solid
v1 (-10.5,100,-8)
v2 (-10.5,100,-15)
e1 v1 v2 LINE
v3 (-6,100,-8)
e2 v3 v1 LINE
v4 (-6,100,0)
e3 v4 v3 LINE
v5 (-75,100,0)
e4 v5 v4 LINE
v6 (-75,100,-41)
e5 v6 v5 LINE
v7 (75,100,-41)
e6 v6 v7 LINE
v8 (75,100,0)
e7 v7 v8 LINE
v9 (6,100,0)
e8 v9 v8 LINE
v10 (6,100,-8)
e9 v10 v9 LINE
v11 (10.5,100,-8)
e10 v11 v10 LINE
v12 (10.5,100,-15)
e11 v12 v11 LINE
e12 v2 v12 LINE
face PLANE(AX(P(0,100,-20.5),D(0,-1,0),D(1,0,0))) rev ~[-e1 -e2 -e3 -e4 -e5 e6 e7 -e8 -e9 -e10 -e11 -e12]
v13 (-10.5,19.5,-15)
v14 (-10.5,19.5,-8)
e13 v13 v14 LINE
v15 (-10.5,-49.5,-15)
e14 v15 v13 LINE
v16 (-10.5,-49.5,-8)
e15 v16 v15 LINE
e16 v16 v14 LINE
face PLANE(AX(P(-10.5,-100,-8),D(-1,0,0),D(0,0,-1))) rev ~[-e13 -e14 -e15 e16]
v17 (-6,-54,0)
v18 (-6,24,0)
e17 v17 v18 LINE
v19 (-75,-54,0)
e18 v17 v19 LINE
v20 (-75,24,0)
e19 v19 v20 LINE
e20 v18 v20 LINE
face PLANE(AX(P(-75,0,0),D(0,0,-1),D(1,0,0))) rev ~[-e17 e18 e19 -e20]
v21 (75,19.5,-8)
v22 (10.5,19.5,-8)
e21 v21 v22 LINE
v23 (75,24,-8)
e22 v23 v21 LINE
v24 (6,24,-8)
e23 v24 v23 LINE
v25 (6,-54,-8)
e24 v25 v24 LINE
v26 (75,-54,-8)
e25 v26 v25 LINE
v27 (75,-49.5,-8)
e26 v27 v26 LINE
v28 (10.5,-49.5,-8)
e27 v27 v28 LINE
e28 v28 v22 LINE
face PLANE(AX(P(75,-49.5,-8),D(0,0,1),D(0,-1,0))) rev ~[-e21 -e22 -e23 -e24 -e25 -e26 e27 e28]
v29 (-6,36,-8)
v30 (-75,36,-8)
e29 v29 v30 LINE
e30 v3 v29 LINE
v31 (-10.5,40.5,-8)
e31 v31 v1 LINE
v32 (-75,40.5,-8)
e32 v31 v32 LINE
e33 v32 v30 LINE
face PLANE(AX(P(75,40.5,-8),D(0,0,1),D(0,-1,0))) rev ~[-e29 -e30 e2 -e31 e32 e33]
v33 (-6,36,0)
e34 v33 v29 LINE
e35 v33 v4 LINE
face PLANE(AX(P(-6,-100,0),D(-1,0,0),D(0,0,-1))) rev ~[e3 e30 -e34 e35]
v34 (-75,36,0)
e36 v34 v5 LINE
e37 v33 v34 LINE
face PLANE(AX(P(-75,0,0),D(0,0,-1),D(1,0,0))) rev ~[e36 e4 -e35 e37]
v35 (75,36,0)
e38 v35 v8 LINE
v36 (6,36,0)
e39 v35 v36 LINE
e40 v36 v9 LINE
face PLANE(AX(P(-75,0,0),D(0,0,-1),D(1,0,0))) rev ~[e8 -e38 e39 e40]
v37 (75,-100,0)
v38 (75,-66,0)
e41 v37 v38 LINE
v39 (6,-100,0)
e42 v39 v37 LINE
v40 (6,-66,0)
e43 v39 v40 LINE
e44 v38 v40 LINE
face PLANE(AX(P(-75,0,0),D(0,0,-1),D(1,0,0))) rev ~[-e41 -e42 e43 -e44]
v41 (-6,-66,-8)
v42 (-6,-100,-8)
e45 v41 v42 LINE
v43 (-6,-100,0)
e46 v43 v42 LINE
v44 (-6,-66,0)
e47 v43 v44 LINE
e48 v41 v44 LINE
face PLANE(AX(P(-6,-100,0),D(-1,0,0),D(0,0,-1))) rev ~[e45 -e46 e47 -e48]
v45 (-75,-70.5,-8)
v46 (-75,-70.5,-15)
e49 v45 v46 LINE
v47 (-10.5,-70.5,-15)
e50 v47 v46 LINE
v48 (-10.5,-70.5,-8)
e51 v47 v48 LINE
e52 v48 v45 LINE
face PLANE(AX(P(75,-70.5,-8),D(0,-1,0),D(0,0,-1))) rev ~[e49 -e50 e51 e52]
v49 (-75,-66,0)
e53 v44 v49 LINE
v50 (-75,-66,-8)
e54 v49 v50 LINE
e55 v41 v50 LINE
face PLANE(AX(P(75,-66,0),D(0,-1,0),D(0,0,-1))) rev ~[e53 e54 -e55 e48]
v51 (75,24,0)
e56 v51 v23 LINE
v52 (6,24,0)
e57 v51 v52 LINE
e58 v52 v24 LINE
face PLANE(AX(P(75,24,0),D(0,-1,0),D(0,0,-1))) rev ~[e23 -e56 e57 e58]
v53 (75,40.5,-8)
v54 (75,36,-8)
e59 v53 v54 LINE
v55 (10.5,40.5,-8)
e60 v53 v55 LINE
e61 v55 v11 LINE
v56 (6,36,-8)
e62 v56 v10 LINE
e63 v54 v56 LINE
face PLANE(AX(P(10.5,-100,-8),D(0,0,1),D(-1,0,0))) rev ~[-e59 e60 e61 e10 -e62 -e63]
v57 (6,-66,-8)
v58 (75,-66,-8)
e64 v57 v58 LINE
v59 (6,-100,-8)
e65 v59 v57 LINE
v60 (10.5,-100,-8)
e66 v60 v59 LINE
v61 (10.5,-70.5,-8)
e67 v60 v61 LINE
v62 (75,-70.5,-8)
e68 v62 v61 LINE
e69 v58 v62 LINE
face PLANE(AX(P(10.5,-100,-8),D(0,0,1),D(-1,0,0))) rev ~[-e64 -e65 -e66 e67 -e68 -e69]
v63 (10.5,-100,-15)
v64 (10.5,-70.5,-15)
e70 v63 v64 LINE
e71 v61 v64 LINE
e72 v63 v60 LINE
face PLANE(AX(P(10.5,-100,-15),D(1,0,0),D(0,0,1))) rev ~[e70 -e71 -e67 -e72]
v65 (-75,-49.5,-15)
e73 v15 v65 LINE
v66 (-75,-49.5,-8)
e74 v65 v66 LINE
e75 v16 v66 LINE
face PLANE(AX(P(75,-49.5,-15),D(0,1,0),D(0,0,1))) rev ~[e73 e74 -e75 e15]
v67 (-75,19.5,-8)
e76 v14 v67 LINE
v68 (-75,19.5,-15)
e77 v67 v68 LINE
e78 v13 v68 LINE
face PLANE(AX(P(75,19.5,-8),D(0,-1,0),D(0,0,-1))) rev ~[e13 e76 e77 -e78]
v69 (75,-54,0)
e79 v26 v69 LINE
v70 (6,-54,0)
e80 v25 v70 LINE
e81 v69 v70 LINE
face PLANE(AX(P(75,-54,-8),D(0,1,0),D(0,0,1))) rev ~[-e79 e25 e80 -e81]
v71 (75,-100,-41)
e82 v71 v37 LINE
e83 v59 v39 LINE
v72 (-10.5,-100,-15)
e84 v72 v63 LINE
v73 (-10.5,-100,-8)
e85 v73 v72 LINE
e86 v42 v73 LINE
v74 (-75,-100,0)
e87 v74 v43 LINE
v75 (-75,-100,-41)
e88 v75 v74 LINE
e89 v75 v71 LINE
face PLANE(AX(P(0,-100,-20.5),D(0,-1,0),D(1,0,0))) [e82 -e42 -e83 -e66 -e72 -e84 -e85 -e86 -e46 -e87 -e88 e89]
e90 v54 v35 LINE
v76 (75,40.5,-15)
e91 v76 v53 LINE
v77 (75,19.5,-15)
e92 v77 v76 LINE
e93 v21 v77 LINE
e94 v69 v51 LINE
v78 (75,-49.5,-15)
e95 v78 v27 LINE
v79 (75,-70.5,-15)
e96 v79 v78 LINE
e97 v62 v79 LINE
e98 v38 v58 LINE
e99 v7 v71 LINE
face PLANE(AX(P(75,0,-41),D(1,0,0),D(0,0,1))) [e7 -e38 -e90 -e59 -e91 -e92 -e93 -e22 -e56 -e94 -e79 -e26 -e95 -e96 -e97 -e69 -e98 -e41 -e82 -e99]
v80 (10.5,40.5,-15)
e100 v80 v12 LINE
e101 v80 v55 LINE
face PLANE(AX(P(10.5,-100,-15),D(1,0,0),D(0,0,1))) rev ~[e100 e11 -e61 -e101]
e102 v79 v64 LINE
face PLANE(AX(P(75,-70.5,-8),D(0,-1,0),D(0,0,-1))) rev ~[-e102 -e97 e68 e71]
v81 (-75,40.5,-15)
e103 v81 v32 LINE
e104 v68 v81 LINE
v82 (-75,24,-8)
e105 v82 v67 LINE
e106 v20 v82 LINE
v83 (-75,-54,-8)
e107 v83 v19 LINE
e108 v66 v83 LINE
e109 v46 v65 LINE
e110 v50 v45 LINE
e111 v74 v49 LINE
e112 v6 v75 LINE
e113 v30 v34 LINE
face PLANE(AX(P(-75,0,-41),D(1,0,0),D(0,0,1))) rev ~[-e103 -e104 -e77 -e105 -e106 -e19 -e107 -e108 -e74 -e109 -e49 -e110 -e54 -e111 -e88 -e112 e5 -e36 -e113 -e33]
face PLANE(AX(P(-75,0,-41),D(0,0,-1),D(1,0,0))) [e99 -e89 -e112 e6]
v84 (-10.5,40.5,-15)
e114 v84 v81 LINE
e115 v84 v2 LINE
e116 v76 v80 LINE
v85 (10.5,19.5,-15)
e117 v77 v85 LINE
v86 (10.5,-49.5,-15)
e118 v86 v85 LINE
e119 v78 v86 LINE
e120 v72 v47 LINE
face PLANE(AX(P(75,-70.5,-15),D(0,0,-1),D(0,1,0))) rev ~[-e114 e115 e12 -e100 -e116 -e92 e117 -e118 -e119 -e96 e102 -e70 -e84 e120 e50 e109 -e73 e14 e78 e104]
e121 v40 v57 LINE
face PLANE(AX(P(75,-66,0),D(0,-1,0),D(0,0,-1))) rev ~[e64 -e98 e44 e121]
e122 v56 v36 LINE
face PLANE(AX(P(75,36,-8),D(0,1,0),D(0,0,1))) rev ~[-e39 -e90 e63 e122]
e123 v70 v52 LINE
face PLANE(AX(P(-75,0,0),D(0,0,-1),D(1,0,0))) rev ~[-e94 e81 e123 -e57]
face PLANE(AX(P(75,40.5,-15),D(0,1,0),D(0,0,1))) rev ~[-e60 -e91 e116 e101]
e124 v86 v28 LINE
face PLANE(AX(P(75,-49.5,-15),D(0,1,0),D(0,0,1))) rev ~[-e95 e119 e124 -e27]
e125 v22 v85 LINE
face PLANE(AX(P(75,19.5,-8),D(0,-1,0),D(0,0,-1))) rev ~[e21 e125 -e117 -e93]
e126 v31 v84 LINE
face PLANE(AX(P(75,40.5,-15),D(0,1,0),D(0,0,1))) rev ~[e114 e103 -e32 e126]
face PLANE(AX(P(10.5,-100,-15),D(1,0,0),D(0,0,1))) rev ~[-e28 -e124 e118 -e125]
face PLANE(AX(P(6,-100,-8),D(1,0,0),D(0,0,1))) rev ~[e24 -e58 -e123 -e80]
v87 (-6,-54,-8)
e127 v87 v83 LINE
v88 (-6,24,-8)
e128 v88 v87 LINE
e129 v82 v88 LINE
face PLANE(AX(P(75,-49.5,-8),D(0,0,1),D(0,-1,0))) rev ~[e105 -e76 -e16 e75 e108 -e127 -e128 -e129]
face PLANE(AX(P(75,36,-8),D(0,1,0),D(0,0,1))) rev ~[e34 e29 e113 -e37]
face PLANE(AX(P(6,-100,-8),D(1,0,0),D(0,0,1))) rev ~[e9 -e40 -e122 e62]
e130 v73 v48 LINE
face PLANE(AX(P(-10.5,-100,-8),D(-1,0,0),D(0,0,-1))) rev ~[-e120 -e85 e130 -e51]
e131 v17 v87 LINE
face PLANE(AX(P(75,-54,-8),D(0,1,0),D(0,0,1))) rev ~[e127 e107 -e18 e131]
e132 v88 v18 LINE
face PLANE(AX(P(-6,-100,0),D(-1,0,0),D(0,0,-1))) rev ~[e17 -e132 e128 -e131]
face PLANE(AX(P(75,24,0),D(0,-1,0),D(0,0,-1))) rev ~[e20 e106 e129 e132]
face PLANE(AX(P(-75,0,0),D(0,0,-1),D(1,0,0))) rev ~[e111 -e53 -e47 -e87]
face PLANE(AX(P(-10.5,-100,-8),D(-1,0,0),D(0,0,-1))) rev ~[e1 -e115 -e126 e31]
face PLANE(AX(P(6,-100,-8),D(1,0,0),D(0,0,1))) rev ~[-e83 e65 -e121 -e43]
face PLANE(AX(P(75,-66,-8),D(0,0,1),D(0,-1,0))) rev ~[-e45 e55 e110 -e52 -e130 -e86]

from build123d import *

# Parameters (mm, degrees)
F0_W     = 150
F0_H     = 41
F1_DEPTH = 100
F3_DEPTH = 200.001
F5_DEPTH = 150.001


with BuildPart() as f1:
    # F0 (on Front) → F1 (new body, symmetric)
    with BuildSketch(Plane.XZ):
        with Locations((0, -20.5)):
            Rectangle(F0_W, F0_H)
    extrude(amount=F1_DEPTH, both=True)

    # F2 (on face) → F3 (cut, through all)
    with BuildSketch(Plane.XZ.offset(100)):
        Polygon((6, 0), (-6, 0), (-6, -8), (-10.5, -8), (-10.5, -15), (10.5, -15), (10.5, -8), (6, -8), align=None)
    extrude(amount=-F3_DEPTH, mode=Mode.SUBTRACT)

    # F4 (on face) → F5 (cut, through all)
    with BuildSketch(Plane.YZ.offset(75)):
        Polygon((-54, 0), (-66, 0), (-66, -8), (-70.5, -8), (-70.5, -15), (-49.5, -15), (-49.5, -8), (-54, -8), align=None)
        Polygon((36, 0), (24, 0), (24, -8), (19.5, -8), (19.5, -15), (40.5, -15), (40.5, -8), (36, -8), align=None)
    extrude(amount=-F5_DEPTH, mode=Mode.SUBTRACT)


solid = f1.part
